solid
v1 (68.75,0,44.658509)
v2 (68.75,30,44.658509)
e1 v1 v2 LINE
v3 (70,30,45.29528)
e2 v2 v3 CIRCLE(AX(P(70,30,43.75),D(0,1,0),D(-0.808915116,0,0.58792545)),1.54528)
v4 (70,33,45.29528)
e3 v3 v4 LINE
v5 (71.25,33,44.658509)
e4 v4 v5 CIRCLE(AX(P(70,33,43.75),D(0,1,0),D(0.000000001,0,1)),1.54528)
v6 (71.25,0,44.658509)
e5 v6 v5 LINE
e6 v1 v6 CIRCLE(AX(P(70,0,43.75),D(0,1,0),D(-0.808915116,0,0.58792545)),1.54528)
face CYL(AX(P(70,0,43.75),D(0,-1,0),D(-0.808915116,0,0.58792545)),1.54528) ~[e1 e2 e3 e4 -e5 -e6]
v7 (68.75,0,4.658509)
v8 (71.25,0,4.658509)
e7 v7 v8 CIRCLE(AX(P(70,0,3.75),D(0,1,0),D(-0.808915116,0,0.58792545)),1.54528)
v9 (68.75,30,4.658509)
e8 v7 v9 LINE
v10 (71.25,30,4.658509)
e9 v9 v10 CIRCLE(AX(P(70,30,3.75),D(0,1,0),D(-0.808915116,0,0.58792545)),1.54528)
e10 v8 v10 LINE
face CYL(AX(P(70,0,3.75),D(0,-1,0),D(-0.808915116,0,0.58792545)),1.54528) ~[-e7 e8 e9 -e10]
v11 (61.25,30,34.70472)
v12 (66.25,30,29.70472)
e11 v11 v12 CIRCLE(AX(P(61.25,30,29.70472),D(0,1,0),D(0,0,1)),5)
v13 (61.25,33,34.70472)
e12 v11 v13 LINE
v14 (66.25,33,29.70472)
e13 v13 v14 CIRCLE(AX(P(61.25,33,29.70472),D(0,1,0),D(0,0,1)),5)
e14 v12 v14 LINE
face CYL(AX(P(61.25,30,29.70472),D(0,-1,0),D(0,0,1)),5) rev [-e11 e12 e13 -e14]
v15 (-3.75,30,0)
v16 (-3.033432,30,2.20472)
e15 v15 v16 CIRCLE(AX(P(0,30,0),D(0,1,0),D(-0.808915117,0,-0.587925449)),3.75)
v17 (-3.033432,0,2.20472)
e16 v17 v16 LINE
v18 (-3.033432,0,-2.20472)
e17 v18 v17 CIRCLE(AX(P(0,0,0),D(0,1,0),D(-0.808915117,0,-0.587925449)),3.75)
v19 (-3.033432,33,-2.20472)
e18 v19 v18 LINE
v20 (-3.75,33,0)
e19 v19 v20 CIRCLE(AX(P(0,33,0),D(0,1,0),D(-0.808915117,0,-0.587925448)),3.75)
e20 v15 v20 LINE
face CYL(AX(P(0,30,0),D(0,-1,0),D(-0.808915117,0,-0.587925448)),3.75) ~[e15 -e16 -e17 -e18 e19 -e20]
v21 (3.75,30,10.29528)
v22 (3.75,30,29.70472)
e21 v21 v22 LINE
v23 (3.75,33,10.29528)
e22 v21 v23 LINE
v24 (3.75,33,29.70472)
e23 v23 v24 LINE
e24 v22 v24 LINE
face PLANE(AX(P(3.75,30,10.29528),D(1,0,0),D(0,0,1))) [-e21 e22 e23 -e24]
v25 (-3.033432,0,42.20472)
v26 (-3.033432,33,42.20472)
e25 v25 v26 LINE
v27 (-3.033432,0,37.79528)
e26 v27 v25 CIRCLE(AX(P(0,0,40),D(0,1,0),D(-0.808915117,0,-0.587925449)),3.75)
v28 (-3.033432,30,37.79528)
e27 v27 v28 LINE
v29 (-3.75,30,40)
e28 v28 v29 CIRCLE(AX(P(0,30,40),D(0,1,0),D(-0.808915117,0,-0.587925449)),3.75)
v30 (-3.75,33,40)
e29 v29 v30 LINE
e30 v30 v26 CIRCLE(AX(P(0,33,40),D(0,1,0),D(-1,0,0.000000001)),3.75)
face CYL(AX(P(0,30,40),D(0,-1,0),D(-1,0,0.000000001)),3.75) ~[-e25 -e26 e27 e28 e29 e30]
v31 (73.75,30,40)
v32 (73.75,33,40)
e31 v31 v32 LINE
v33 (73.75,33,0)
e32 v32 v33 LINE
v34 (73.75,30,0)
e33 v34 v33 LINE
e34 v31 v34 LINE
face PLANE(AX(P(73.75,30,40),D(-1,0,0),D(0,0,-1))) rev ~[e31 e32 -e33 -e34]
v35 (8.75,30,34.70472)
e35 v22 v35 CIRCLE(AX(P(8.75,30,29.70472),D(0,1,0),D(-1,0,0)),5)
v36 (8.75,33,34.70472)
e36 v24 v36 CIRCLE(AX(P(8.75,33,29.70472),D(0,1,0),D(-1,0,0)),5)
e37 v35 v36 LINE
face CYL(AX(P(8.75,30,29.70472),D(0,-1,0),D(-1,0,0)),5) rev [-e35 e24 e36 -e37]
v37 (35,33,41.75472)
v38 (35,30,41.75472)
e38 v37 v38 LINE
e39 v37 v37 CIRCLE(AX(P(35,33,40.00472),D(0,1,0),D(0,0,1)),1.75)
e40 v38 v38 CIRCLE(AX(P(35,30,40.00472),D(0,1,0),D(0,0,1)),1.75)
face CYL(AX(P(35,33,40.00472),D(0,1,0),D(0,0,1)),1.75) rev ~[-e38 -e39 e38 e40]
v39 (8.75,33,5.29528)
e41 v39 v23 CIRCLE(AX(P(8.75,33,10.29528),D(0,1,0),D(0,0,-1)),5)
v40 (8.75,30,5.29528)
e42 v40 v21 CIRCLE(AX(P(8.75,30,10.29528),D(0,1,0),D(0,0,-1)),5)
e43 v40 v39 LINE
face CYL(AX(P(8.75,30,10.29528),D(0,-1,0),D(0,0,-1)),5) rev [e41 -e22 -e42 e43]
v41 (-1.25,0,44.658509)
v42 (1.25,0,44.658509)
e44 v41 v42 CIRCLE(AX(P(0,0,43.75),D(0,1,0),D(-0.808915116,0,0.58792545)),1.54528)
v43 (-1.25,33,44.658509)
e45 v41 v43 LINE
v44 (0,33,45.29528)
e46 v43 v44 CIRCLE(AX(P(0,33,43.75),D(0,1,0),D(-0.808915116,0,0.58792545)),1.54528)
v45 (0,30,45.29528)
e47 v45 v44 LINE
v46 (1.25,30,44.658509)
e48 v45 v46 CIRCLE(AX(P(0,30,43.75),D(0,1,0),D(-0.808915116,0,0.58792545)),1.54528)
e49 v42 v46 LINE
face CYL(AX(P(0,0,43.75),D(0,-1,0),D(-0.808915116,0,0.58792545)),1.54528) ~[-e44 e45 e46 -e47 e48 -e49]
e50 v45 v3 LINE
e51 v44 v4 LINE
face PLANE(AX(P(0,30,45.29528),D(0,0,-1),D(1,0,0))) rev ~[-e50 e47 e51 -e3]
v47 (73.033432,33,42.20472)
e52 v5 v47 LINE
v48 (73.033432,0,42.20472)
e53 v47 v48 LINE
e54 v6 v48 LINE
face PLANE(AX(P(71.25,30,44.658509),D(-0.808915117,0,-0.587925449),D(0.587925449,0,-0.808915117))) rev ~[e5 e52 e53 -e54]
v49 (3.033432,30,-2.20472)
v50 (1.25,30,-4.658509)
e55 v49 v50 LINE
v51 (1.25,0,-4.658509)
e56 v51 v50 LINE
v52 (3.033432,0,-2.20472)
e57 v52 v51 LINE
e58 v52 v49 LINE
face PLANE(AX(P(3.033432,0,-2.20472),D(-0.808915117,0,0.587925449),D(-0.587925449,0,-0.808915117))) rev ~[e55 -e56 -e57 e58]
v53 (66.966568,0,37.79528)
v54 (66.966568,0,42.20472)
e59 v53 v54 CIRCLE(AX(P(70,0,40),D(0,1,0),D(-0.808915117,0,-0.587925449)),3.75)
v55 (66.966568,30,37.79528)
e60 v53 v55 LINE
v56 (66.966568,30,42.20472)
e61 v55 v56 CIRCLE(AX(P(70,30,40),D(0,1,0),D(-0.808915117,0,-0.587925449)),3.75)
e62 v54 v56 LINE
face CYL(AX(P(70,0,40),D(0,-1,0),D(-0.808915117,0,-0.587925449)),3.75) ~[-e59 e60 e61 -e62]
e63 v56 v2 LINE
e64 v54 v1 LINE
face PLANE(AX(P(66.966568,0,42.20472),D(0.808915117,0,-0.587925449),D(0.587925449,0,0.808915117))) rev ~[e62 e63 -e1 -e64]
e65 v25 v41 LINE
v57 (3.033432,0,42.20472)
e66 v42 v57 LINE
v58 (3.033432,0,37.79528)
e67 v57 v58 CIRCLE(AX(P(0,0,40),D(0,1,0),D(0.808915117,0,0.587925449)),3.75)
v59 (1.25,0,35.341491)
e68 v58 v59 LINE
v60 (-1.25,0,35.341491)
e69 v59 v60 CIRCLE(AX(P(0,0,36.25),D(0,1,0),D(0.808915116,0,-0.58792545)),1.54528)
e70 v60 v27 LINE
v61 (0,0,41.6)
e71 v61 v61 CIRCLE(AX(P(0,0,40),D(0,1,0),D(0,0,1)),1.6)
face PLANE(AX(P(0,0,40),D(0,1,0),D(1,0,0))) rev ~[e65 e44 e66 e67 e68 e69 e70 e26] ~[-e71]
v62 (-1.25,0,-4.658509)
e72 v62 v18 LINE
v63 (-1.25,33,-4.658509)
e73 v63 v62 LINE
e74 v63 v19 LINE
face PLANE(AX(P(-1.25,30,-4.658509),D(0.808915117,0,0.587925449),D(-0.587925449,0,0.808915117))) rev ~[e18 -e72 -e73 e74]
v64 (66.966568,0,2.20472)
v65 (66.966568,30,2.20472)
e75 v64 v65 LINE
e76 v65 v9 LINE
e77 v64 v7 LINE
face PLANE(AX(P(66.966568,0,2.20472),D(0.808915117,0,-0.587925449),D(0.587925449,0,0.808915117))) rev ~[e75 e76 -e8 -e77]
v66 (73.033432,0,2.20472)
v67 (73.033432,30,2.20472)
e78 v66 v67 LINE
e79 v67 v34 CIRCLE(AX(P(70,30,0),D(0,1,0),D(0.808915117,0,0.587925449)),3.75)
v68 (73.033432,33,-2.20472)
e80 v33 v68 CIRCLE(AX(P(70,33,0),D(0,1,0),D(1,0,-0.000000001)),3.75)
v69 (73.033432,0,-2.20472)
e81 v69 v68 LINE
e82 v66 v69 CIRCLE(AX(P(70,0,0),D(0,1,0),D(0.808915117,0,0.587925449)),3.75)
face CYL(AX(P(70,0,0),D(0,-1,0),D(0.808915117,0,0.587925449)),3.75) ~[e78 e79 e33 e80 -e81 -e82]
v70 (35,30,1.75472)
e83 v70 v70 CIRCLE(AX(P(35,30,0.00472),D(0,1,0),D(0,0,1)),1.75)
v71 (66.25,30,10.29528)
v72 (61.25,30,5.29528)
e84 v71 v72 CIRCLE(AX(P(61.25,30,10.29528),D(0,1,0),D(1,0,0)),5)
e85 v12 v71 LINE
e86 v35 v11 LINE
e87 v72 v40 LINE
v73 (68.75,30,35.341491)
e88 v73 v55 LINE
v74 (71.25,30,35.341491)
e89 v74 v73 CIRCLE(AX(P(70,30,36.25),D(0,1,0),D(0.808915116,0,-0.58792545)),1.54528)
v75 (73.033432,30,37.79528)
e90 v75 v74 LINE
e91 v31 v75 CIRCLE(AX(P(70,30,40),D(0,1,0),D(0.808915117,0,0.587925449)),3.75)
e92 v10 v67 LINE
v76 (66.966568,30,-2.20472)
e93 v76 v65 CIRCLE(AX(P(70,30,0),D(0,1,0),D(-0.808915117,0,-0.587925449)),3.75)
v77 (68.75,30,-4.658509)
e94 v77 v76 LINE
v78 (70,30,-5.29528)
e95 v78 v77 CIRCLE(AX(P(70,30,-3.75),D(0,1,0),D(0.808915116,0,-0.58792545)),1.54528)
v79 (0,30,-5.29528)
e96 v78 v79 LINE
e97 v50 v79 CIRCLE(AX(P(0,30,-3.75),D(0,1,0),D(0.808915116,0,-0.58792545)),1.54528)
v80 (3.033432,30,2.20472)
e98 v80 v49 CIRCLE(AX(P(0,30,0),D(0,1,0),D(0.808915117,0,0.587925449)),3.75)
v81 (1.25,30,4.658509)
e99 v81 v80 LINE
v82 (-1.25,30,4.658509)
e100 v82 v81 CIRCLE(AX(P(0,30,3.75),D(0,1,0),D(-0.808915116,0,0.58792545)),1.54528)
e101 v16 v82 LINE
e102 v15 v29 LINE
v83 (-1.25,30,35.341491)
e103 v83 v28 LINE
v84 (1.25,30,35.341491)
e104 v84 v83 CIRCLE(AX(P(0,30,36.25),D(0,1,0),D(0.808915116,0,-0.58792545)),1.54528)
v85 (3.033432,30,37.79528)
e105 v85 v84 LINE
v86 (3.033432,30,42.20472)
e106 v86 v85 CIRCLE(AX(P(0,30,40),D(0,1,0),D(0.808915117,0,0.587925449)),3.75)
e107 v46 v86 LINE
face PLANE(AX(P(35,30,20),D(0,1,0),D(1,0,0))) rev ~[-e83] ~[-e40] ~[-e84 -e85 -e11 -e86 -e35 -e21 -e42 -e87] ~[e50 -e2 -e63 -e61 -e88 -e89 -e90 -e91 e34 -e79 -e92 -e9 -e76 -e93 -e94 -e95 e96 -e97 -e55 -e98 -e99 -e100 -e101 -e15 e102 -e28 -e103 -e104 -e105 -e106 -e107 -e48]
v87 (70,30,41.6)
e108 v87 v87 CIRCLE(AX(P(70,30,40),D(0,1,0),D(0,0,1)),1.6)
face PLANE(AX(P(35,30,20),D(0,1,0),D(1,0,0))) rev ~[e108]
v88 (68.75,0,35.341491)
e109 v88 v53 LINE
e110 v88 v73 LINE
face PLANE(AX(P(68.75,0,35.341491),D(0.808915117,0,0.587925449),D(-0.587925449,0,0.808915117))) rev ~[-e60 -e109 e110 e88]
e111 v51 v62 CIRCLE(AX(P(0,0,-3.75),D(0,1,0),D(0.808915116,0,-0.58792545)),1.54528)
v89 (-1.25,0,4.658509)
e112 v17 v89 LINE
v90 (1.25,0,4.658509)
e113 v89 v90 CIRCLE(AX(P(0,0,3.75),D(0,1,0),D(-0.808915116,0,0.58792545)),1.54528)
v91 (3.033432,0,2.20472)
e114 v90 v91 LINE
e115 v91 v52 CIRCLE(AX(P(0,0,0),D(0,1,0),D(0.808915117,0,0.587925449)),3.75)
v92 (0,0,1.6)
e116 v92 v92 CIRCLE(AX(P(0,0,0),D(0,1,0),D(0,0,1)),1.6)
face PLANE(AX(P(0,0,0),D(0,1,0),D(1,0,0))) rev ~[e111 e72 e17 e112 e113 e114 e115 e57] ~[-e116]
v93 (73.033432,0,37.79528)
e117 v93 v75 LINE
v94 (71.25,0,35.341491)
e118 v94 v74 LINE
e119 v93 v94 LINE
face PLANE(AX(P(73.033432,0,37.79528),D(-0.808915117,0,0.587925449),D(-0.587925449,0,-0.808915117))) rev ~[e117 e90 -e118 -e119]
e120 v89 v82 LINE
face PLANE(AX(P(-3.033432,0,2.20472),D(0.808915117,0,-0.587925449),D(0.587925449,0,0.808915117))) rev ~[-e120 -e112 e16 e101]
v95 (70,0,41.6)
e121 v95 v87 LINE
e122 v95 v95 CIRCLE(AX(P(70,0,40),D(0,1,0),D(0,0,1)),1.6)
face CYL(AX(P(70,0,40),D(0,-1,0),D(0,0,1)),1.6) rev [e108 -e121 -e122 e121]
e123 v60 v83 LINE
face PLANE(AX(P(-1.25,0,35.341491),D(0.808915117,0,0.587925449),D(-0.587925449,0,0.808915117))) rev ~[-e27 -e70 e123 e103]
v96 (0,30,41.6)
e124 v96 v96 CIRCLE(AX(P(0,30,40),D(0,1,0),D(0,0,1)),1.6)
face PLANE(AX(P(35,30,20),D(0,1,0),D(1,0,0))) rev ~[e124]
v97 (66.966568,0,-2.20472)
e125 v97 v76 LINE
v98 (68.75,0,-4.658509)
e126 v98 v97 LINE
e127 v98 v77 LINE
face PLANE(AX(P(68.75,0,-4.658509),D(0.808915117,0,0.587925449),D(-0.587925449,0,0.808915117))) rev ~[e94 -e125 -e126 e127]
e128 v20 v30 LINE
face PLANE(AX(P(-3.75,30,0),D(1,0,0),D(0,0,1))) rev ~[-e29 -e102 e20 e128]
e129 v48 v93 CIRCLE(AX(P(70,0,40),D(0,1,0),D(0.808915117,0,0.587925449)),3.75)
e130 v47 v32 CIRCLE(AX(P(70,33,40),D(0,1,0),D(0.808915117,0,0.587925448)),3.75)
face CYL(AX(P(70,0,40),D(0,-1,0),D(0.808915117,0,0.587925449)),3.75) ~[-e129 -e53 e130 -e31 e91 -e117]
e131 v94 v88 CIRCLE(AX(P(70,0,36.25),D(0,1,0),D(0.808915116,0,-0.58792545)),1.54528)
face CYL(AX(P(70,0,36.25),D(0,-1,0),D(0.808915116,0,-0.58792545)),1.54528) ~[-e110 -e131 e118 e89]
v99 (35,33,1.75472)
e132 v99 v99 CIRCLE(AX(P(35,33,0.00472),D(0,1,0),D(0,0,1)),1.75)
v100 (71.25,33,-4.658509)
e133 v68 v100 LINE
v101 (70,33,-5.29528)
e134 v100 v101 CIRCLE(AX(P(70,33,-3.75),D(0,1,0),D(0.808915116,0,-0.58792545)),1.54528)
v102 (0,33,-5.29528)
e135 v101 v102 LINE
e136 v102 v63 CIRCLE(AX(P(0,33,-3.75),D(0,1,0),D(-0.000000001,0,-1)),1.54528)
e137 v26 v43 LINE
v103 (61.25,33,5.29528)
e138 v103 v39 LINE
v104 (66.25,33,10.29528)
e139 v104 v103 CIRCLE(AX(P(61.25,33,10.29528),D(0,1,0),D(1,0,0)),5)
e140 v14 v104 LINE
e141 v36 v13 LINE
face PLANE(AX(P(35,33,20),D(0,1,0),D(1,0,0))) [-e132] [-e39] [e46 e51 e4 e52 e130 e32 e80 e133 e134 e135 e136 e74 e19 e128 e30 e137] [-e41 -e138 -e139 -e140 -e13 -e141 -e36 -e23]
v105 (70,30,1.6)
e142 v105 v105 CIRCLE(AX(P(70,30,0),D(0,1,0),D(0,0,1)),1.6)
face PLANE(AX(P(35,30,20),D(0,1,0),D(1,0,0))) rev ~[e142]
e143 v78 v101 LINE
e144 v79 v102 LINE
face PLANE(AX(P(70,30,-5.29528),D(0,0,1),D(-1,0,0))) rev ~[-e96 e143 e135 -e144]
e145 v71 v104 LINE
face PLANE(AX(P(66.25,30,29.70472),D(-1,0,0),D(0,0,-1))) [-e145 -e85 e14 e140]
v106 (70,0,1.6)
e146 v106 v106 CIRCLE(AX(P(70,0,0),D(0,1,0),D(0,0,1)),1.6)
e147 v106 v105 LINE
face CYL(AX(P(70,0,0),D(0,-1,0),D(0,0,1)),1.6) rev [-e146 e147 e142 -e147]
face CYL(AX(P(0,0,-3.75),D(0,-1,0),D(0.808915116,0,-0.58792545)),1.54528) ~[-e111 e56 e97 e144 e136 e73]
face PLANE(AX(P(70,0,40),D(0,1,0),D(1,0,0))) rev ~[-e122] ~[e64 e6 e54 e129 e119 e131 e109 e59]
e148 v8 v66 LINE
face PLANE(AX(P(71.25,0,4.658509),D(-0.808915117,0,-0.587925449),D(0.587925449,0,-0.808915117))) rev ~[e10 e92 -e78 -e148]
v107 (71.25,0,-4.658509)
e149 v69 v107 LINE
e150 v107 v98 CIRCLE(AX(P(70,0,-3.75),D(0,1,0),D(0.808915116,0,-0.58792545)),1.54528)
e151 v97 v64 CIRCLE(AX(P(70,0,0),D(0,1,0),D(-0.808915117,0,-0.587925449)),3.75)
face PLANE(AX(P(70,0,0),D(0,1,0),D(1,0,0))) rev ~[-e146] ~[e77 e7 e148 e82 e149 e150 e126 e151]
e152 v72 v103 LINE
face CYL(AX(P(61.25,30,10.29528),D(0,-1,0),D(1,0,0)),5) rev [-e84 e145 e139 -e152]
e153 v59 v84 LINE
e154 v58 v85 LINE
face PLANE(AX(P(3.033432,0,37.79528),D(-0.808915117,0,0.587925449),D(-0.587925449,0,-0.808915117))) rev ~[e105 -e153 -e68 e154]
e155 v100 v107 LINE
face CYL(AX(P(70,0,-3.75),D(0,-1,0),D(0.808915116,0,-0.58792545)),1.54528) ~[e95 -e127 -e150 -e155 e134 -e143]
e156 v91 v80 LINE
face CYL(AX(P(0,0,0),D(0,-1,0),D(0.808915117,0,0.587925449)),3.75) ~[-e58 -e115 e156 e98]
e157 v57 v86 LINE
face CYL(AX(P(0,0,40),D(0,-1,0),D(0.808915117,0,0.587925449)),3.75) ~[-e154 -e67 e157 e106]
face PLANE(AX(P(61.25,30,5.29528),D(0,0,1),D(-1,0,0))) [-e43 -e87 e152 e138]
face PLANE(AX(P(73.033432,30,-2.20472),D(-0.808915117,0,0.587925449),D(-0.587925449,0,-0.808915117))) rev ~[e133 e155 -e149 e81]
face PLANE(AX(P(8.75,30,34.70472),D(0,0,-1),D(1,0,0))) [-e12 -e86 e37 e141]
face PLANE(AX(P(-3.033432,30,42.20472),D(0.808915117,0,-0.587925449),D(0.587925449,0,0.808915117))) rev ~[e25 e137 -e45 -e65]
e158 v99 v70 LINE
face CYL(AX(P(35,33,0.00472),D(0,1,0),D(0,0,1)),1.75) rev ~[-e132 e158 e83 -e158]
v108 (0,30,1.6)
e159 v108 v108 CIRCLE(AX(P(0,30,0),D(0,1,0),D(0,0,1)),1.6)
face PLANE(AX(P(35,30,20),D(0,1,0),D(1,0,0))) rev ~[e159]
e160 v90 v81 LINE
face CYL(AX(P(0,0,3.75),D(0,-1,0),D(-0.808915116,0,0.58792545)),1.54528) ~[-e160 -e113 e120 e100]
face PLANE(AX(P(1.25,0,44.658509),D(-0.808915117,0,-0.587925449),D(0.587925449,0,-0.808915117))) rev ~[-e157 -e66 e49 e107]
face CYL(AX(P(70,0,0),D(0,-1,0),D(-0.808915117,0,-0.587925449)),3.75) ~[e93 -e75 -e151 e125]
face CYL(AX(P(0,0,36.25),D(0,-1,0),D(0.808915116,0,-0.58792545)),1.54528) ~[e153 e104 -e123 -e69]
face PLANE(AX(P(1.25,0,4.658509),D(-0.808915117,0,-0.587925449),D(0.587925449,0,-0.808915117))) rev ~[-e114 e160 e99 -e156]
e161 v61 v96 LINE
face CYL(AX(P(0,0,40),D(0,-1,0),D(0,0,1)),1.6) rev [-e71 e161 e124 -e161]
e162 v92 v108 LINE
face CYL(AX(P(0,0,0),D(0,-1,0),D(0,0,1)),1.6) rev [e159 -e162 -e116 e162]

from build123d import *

# Parameters (mm, degrees)
SKETCH1_R             = 1.6
BOSS_EXTRUDE1_DEPTH   = 30
BOSS_EXTRUDE1_2_DEPTH = 30
BOSS_EXTRUDE1_3_DEPTH = 30
BOSS_EXTRUDE1_4_DEPTH = 30
BOSS_EXTRUDE2_DEPTH   = 3
SKETCH3_R             = 1.75
CUT_EXTRUDE1_DEPTH    = 3


with BuildPart() as part:
    # Sketch1 → Boss-Extrude1 (new body)
    with BuildSketch(Plane(origin=(0, 0, 0), x_dir=(1, 0, 0), z_dir=(0, 1, 0))):
        with BuildLine():
            Line((-1.25, 4.658509183), (-3.033431688, 2.204720435))
            ThreePointArc((-3.033431688, 2.204720435), (-3.75, 0), (-3.033431688, -2.204720435))
            Line((-3.033431688, -2.204720435), (-1.25, -4.658509183))
            ThreePointArc((-1.25, -4.658509183), (0, -5.295279565), (1.25, -4.658509183))
            Line((1.25, -4.658509183), (3.033431688, -2.204720435))
            ThreePointArc((3.033431688, -2.204720435), (3.75, 0), (3.033431688, 2.204720435))
            Line((3.033431688, 2.204720435), (1.25, 4.658509183))
            ThreePointArc((1.25, 4.658509183), (0, 5.295279565), (-1.25, 4.658509183))
        make_face()
        with Locations(Location((0, 0, 0), (0, 0, 270))):
            Circle(SKETCH1_R, mode=Mode.SUBTRACT)
    extrude(amount=BOSS_EXTRUDE1_DEPTH)



with BuildPart() as body_2:
    # Sketch1 → Boss-Extrude1 2 (new body)
    with BuildSketch(Plane(origin=(0, 0, 0), x_dir=(1, 0, 0), z_dir=(0, 1, 0))):
        with BuildLine():
            Line((68.75, 4.658509183), (66.966568312, 2.204720435))
            ThreePointArc((66.966568312, 2.204720435), (66.25, 0), (66.966568312, -2.204720435))
            Line((66.966568312, -2.204720435), (68.75, -4.658509183))
            ThreePointArc((68.75, -4.658509183), (70, -5.295279565), (71.25, -4.658509183))
            Line((71.25, -4.658509183), (73.033431688, -2.204720435))
            ThreePointArc((73.033431688, -2.204720435), (73.75, 0), (73.033431688, 2.204720435))
            Line((73.033431688, 2.204720435), (71.25, 4.658509183))
            ThreePointArc((71.25, 4.658509183), (70, 5.295279565), (68.75, 4.658509183))
        make_face()
        with Locations(Location((70, 0, 0), (0, 0, 270))):
            Circle(SKETCH1_R, mode=Mode.SUBTRACT)
    extrude(amount=BOSS_EXTRUDE1_2_DEPTH)


with BuildPart() as body_3:
    # Sketch1 → Boss-Extrude1 3 (new body)
    with BuildSketch(Plane(origin=(0, 0, 0), x_dir=(1, 0, 0), z_dir=(0, 1, 0))):
        with BuildLine():
            Line((68.75, -35.341490817), (66.966568312, -37.795279565))
            ThreePointArc((66.966568312, -37.795279565), (66.25, -40), (66.966568312, -42.204720435))
            Line((66.966568312, -42.204720435), (68.75, -44.658509183))
            ThreePointArc((68.75, -44.658509183), (70, -45.295279565), (71.25, -44.658509183))
            Line((71.25, -44.658509183), (73.033431688, -42.204720435))
            ThreePointArc((73.033431688, -42.204720435), (73.75, -40), (73.033431688, -37.795279565))
            Line((73.033431688, -37.795279565), (71.25, -35.341490817))
            ThreePointArc((71.25, -35.341490817), (70, -34.704720435), (68.75, -35.341490817))
        make_face()
        with Locations(Location((70, -40, 0), (0, 0, 270))):
            Circle(SKETCH1_R, mode=Mode.SUBTRACT)
    extrude(amount=BOSS_EXTRUDE1_3_DEPTH)


with BuildPart() as body_4:
    # Sketch1 → Boss-Extrude1 4 (new body)
    with BuildSketch(Plane(origin=(0, 0, 0), x_dir=(1, 0, 0), z_dir=(0, 1, 0))):
        with BuildLine():
            Line((-1.25, -35.341490817), (-3.033431688, -37.795279565))
            ThreePointArc((-3.033431688, -37.795279565), (-3.75, -40), (-3.033431688, -42.204720435))
            Line((-3.033431688, -42.204720435), (-1.25, -44.658509183))
            ThreePointArc((-1.25, -44.658509183), (0, -45.295279565), (1.25, -44.658509183))
            Line((1.25, -44.658509183), (3.033431688, -42.204720435))
            ThreePointArc((3.033431688, -42.204720435), (3.75, -40), (3.033431688, -37.795279565))
            Line((3.033431688, -37.795279565), (1.25, -35.341490817))
            ThreePointArc((1.25, -35.341490817), (0, -34.704720435), (-1.25, -35.341490817))
        make_face()
        with Locations(Location((0, -40, 0), (0, 0, 270))):
            Circle(SKETCH1_R, mode=Mode.SUBTRACT)
    extrude(amount=BOSS_EXTRUDE1_4_DEPTH)


with BuildPart() as part_1:
    add(part.part)

    add(body_2.part)  # Boss-Extrude2 merges body 2

    add(body_3.part)  # Boss-Extrude2 merges body 3

    add(body_4.part)  # Boss-Extrude2 merges body 4
    # Sketch2 → Boss-Extrude2 (add)
    with BuildSketch(Plane(origin=(0, 30, 0), x_dir=(1, 0, 0), z_dir=(0, 1, 0))):
        with BuildLine():
            Line((-3.75, 0), (-3.75, -40))
            ThreePointArc((-3.75, -40), (-3.566361509, -41.159122765), (-3.033431688, -42.204720435))
            Line((-3.033431688, -42.204720435), (-1.25, -44.658509183))
            ThreePointArc((-1.25, -44.658509183), (-0.701422932, -45.126914959), (0, -45.295279565))
            Line((0, -45.295279565), (70, -45.295279565))
            ThreePointArc((70, -45.295279565), (70.701422932, -45.126914959), (71.25, -44.658509183))
            Line((71.25, -44.658509183), (73.033431688, -42.204720435))
            ThreePointArc((73.033431688, -42.204720435), (73.566361509, -41.159122765), (73.75, -40))
            Line((73.75, -40), (73.75, 0))
            ThreePointArc((73.75, 0), (73.566361509, 1.159122765), (73.033431688, 2.204720435))
            Line((73.033431688, 2.204720435), (71.25, 4.658509183))
            ThreePointArc((71.25, 4.658509183), (70.701422932, 5.126914959), (70, 5.295279565))
            Line((70, 5.295279565), (0, 5.295279565))
            ThreePointArc((0, 5.295279565), (-0.701422932, 5.126914959), (-1.25, 4.658509183))
            Line((-1.25, 4.658509183), (-3.033431688, 2.204720435))
            ThreePointArc((-3.033431688, 2.204720435), (-3.566361509, 1.159122765), (-3.75, 0))
        make_face()
        with BuildLine():
            Line((8.75, -34.704720435), (61.25, -34.704720435))
            ThreePointArc((61.25, -34.704720435), (64.785533906, -33.240254341), (66.25, -29.704720435))
            Line((66.25, -29.704720435), (66.25, -10.295279565))
            ThreePointArc((66.25, -10.295279565), (64.785533906, -6.759745659), (61.25, -5.295279565))
            Line((61.25, -5.295279565), (8.75, -5.295279565))
            ThreePointArc((8.75, -5.295279565), (5.214466094, -6.759745659), (3.75, -10.295279565))
            Line((3.75, -10.295279565), (3.75, -29.704720435))
            ThreePointArc((3.75, -29.704720435), (5.214466094, -33.240254341), (8.75, -34.704720435))
        make_face(mode=Mode.SUBTRACT)
    extrude(amount=BOSS_EXTRUDE2_DEPTH)

    # Sketch3 → Cut-Extrude1 (cut)
    with BuildSketch(Plane(origin=(0, 33, 0), x_dir=(1, 0, 0), z_dir=(0, 1, 0))):
        with Locations(Location((35, -0.004720435, 0), (0, 0, 270))):
            Circle(SKETCH3_R)
        with Locations(Location((35, -40.004720435, 0), (0, 0, 270))):
            Circle(SKETCH3_R)
    extrude(amount=-CUT_EXTRUDE1_DEPTH, mode=Mode.SUBTRACT)


solid = part_1.part
